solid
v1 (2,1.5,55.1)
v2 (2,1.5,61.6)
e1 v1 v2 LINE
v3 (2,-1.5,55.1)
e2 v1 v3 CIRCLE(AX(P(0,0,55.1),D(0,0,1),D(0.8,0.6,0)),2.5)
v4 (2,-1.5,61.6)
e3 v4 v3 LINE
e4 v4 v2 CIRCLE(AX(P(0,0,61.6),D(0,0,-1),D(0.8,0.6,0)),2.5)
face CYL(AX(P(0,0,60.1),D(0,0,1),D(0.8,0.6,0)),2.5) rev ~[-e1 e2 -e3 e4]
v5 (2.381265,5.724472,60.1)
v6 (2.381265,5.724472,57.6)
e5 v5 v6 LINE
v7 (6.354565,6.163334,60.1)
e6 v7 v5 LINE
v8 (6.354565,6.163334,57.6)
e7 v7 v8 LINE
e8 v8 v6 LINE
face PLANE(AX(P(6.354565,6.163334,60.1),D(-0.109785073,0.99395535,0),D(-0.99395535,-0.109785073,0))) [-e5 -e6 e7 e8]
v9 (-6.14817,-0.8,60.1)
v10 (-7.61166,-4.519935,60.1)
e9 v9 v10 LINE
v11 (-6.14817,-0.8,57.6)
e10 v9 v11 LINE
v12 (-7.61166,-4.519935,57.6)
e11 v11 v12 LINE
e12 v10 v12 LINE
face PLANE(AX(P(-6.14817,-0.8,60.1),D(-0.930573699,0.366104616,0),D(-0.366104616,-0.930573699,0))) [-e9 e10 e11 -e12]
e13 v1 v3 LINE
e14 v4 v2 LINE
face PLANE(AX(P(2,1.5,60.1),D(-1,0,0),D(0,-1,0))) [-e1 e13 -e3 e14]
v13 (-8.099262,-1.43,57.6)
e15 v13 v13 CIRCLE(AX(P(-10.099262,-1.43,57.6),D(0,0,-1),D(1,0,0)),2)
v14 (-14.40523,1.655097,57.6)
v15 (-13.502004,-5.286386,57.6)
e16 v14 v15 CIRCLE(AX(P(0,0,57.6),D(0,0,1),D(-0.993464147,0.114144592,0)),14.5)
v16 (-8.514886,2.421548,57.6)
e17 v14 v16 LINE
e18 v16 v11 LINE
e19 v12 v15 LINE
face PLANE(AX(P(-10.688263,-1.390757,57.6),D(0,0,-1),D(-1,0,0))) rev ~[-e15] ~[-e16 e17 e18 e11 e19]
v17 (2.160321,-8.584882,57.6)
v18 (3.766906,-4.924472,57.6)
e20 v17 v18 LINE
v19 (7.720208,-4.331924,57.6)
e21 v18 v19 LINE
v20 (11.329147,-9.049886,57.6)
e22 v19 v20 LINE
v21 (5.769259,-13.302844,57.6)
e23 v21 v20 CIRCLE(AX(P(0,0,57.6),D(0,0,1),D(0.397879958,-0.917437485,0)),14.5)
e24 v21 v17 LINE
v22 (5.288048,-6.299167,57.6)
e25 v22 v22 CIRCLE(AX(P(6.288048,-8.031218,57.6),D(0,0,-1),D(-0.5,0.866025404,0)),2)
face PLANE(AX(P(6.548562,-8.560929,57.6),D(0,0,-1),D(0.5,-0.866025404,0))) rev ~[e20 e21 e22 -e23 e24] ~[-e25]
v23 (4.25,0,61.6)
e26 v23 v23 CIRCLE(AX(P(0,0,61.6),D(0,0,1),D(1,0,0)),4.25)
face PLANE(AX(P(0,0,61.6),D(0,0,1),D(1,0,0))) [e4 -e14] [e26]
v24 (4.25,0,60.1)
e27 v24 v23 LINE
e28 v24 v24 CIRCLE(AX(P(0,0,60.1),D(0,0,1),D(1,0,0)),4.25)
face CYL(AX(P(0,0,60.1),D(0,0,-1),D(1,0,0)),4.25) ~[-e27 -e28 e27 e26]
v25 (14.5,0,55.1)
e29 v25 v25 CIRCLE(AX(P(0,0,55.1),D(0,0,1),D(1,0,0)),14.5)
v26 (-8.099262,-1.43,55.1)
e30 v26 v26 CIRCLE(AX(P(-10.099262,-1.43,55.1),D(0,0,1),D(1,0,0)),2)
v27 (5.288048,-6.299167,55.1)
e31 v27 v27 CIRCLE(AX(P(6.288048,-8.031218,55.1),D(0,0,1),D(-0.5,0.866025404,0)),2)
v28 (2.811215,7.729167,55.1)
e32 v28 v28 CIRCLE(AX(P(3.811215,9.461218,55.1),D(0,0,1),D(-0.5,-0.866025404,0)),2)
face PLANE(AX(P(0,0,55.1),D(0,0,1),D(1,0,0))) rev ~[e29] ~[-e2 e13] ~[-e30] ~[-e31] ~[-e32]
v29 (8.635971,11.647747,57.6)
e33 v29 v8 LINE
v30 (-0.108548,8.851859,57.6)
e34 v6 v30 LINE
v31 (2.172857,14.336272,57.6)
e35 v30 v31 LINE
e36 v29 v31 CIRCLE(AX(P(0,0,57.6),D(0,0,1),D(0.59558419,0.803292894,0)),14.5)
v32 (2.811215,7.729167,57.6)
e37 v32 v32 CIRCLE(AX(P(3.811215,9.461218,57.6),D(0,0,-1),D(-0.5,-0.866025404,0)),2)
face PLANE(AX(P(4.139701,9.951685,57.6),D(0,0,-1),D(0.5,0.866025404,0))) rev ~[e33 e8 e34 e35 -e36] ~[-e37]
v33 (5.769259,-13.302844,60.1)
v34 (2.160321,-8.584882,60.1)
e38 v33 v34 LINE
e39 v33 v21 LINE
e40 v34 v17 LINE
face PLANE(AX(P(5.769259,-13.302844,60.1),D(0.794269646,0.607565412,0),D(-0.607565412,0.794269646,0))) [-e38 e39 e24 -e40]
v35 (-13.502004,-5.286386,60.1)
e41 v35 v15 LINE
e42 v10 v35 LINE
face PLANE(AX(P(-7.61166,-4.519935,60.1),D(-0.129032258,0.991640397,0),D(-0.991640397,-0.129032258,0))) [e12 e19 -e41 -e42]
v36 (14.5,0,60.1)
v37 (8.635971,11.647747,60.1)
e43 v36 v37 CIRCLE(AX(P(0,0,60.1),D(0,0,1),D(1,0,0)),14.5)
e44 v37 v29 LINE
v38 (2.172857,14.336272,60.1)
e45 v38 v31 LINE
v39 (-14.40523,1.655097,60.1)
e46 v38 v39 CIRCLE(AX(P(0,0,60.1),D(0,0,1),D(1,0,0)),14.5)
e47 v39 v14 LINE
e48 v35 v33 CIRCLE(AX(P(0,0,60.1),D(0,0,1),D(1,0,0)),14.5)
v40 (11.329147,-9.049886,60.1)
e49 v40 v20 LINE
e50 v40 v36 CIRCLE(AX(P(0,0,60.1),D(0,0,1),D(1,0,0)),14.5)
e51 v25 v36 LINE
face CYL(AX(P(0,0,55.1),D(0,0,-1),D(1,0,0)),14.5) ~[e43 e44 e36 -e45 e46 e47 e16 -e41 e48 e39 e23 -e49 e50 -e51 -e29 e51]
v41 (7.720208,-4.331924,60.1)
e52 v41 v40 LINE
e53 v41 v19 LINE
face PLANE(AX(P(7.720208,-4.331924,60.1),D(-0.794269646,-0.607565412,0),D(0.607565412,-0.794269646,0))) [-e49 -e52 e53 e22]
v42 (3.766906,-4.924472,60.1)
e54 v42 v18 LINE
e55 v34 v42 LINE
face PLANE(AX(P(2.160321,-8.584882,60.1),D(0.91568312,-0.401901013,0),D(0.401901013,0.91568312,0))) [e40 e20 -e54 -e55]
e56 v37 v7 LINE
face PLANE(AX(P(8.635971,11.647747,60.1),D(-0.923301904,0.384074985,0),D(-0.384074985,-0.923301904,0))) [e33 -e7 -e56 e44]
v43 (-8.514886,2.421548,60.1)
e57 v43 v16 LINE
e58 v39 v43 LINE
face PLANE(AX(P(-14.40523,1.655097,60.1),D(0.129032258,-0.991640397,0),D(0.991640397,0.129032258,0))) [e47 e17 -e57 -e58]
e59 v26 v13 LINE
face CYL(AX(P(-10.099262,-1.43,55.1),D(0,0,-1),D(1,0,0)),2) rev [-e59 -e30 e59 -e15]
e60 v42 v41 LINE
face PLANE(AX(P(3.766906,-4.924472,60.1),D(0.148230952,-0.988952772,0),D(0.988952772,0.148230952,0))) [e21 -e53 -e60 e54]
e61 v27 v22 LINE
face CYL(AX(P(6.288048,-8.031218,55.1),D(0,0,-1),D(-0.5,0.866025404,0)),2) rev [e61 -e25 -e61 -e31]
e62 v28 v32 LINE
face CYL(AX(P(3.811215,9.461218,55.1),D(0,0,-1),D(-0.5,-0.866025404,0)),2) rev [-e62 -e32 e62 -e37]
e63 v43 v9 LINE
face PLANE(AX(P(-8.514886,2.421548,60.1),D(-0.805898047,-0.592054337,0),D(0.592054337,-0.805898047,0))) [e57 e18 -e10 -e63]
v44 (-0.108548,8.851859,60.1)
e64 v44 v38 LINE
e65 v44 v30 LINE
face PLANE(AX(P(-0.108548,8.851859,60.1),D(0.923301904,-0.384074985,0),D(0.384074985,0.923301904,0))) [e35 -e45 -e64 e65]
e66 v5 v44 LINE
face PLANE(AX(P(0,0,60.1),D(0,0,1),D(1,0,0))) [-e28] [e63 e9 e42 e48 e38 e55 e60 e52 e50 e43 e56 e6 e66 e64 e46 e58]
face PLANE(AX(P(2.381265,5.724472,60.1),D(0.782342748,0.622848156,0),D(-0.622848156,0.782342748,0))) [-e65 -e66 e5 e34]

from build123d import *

# Parameters (mm, degrees)
SKETCH039_R           = 14.5
PAD016_DEPTH          = 5
POCKET022_DEPTH       = 2.5
SKETCH041_R           = 2
POCKET023_DEPTH       = 87.6327130405
POLARPATTERN001_COUNT = 3
SKETCH042_R           = 4.25
PAD017_DEPTH          = 1.5
POCKET024_DEPTH       = 5.001
POCKET024_DEPTH_BACK  = 1.501


with BuildPart() as part:
    # Sketch039 → Pad016 (new body)
    with BuildSketch(Plane.XY.offset(55.1)):
        Circle(SKETCH039_R)
    extrude(amount=PAD016_DEPTH)

    # Sketch040 → Pocket022 (cut)
    with BuildSketch(Plane.XY.offset(60.1)):
        with BuildLine():
            Line((-14.4052301376, 1.6550965782), (-8.5148861812, 2.4215481911))
            Line((-8.5148861812, 2.4215481911), (-6.1481704596, -0.8))
            Line((-6.1481704596, -0.8), (-7.6116603747, -4.5199345858))
            Line((-7.6116603747, -4.5199345858), (-13.5020043311, -5.2863861987))
            ThreePointArc((-14.4052301376, 1.6550965782), (-14.3787857522, -1.8709677419), (-13.5020043311, -5.2863861987))
        make_face()
    pocket022 = extrude(amount=-POCKET022_DEPTH, mode=Mode.SUBTRACT)

    # Sketch041 → Pocket023 (cut, through all)
    with BuildSketch(Plane.XY.offset(55.1)):
        with Locations((-10.0992623493, -1.43)):
            Circle(SKETCH041_R)
    pocket023 = extrude(amount=POCKET023_DEPTH, mode=Mode.SUBTRACT)

    # PolarPattern001: Pocket023, Pocket022 ×3 about axis
    polarpattern001_axis = Axis((0, 0, 55.1), (0, 0, 1))
    for i in range(1, POLARPATTERN001_COUNT):
        add(pocket023.rotate(polarpattern001_axis, i * 360 / POLARPATTERN001_COUNT), mode=Mode.SUBTRACT)
        add(pocket022.rotate(polarpattern001_axis, i * 360 / POLARPATTERN001_COUNT), mode=Mode.SUBTRACT)

    # Sketch042 → Pad017 (join)
    with BuildSketch(Plane.XY.offset(60.1)):
        Circle(SKETCH042_R)
    extrude(amount=PAD017_DEPTH)

    # Sketch043 → Pocket024 (cut, two sides)
    with BuildSketch(Plane.XY.offset(60.1)) as pocket024_sk:
        with BuildLine():
            Line((2, 1.5), (2, -1.5))
            ThreePointArc((2, 1.5), (-2.5, 0), (2, -1.5))
        make_face()
    extrude(amount=-POCKET024_DEPTH, mode=Mode.SUBTRACT)
    extrude(pocket024_sk.sketch, amount=POCKET024_DEPTH_BACK, mode=Mode.SUBTRACT)


solid = part.part
